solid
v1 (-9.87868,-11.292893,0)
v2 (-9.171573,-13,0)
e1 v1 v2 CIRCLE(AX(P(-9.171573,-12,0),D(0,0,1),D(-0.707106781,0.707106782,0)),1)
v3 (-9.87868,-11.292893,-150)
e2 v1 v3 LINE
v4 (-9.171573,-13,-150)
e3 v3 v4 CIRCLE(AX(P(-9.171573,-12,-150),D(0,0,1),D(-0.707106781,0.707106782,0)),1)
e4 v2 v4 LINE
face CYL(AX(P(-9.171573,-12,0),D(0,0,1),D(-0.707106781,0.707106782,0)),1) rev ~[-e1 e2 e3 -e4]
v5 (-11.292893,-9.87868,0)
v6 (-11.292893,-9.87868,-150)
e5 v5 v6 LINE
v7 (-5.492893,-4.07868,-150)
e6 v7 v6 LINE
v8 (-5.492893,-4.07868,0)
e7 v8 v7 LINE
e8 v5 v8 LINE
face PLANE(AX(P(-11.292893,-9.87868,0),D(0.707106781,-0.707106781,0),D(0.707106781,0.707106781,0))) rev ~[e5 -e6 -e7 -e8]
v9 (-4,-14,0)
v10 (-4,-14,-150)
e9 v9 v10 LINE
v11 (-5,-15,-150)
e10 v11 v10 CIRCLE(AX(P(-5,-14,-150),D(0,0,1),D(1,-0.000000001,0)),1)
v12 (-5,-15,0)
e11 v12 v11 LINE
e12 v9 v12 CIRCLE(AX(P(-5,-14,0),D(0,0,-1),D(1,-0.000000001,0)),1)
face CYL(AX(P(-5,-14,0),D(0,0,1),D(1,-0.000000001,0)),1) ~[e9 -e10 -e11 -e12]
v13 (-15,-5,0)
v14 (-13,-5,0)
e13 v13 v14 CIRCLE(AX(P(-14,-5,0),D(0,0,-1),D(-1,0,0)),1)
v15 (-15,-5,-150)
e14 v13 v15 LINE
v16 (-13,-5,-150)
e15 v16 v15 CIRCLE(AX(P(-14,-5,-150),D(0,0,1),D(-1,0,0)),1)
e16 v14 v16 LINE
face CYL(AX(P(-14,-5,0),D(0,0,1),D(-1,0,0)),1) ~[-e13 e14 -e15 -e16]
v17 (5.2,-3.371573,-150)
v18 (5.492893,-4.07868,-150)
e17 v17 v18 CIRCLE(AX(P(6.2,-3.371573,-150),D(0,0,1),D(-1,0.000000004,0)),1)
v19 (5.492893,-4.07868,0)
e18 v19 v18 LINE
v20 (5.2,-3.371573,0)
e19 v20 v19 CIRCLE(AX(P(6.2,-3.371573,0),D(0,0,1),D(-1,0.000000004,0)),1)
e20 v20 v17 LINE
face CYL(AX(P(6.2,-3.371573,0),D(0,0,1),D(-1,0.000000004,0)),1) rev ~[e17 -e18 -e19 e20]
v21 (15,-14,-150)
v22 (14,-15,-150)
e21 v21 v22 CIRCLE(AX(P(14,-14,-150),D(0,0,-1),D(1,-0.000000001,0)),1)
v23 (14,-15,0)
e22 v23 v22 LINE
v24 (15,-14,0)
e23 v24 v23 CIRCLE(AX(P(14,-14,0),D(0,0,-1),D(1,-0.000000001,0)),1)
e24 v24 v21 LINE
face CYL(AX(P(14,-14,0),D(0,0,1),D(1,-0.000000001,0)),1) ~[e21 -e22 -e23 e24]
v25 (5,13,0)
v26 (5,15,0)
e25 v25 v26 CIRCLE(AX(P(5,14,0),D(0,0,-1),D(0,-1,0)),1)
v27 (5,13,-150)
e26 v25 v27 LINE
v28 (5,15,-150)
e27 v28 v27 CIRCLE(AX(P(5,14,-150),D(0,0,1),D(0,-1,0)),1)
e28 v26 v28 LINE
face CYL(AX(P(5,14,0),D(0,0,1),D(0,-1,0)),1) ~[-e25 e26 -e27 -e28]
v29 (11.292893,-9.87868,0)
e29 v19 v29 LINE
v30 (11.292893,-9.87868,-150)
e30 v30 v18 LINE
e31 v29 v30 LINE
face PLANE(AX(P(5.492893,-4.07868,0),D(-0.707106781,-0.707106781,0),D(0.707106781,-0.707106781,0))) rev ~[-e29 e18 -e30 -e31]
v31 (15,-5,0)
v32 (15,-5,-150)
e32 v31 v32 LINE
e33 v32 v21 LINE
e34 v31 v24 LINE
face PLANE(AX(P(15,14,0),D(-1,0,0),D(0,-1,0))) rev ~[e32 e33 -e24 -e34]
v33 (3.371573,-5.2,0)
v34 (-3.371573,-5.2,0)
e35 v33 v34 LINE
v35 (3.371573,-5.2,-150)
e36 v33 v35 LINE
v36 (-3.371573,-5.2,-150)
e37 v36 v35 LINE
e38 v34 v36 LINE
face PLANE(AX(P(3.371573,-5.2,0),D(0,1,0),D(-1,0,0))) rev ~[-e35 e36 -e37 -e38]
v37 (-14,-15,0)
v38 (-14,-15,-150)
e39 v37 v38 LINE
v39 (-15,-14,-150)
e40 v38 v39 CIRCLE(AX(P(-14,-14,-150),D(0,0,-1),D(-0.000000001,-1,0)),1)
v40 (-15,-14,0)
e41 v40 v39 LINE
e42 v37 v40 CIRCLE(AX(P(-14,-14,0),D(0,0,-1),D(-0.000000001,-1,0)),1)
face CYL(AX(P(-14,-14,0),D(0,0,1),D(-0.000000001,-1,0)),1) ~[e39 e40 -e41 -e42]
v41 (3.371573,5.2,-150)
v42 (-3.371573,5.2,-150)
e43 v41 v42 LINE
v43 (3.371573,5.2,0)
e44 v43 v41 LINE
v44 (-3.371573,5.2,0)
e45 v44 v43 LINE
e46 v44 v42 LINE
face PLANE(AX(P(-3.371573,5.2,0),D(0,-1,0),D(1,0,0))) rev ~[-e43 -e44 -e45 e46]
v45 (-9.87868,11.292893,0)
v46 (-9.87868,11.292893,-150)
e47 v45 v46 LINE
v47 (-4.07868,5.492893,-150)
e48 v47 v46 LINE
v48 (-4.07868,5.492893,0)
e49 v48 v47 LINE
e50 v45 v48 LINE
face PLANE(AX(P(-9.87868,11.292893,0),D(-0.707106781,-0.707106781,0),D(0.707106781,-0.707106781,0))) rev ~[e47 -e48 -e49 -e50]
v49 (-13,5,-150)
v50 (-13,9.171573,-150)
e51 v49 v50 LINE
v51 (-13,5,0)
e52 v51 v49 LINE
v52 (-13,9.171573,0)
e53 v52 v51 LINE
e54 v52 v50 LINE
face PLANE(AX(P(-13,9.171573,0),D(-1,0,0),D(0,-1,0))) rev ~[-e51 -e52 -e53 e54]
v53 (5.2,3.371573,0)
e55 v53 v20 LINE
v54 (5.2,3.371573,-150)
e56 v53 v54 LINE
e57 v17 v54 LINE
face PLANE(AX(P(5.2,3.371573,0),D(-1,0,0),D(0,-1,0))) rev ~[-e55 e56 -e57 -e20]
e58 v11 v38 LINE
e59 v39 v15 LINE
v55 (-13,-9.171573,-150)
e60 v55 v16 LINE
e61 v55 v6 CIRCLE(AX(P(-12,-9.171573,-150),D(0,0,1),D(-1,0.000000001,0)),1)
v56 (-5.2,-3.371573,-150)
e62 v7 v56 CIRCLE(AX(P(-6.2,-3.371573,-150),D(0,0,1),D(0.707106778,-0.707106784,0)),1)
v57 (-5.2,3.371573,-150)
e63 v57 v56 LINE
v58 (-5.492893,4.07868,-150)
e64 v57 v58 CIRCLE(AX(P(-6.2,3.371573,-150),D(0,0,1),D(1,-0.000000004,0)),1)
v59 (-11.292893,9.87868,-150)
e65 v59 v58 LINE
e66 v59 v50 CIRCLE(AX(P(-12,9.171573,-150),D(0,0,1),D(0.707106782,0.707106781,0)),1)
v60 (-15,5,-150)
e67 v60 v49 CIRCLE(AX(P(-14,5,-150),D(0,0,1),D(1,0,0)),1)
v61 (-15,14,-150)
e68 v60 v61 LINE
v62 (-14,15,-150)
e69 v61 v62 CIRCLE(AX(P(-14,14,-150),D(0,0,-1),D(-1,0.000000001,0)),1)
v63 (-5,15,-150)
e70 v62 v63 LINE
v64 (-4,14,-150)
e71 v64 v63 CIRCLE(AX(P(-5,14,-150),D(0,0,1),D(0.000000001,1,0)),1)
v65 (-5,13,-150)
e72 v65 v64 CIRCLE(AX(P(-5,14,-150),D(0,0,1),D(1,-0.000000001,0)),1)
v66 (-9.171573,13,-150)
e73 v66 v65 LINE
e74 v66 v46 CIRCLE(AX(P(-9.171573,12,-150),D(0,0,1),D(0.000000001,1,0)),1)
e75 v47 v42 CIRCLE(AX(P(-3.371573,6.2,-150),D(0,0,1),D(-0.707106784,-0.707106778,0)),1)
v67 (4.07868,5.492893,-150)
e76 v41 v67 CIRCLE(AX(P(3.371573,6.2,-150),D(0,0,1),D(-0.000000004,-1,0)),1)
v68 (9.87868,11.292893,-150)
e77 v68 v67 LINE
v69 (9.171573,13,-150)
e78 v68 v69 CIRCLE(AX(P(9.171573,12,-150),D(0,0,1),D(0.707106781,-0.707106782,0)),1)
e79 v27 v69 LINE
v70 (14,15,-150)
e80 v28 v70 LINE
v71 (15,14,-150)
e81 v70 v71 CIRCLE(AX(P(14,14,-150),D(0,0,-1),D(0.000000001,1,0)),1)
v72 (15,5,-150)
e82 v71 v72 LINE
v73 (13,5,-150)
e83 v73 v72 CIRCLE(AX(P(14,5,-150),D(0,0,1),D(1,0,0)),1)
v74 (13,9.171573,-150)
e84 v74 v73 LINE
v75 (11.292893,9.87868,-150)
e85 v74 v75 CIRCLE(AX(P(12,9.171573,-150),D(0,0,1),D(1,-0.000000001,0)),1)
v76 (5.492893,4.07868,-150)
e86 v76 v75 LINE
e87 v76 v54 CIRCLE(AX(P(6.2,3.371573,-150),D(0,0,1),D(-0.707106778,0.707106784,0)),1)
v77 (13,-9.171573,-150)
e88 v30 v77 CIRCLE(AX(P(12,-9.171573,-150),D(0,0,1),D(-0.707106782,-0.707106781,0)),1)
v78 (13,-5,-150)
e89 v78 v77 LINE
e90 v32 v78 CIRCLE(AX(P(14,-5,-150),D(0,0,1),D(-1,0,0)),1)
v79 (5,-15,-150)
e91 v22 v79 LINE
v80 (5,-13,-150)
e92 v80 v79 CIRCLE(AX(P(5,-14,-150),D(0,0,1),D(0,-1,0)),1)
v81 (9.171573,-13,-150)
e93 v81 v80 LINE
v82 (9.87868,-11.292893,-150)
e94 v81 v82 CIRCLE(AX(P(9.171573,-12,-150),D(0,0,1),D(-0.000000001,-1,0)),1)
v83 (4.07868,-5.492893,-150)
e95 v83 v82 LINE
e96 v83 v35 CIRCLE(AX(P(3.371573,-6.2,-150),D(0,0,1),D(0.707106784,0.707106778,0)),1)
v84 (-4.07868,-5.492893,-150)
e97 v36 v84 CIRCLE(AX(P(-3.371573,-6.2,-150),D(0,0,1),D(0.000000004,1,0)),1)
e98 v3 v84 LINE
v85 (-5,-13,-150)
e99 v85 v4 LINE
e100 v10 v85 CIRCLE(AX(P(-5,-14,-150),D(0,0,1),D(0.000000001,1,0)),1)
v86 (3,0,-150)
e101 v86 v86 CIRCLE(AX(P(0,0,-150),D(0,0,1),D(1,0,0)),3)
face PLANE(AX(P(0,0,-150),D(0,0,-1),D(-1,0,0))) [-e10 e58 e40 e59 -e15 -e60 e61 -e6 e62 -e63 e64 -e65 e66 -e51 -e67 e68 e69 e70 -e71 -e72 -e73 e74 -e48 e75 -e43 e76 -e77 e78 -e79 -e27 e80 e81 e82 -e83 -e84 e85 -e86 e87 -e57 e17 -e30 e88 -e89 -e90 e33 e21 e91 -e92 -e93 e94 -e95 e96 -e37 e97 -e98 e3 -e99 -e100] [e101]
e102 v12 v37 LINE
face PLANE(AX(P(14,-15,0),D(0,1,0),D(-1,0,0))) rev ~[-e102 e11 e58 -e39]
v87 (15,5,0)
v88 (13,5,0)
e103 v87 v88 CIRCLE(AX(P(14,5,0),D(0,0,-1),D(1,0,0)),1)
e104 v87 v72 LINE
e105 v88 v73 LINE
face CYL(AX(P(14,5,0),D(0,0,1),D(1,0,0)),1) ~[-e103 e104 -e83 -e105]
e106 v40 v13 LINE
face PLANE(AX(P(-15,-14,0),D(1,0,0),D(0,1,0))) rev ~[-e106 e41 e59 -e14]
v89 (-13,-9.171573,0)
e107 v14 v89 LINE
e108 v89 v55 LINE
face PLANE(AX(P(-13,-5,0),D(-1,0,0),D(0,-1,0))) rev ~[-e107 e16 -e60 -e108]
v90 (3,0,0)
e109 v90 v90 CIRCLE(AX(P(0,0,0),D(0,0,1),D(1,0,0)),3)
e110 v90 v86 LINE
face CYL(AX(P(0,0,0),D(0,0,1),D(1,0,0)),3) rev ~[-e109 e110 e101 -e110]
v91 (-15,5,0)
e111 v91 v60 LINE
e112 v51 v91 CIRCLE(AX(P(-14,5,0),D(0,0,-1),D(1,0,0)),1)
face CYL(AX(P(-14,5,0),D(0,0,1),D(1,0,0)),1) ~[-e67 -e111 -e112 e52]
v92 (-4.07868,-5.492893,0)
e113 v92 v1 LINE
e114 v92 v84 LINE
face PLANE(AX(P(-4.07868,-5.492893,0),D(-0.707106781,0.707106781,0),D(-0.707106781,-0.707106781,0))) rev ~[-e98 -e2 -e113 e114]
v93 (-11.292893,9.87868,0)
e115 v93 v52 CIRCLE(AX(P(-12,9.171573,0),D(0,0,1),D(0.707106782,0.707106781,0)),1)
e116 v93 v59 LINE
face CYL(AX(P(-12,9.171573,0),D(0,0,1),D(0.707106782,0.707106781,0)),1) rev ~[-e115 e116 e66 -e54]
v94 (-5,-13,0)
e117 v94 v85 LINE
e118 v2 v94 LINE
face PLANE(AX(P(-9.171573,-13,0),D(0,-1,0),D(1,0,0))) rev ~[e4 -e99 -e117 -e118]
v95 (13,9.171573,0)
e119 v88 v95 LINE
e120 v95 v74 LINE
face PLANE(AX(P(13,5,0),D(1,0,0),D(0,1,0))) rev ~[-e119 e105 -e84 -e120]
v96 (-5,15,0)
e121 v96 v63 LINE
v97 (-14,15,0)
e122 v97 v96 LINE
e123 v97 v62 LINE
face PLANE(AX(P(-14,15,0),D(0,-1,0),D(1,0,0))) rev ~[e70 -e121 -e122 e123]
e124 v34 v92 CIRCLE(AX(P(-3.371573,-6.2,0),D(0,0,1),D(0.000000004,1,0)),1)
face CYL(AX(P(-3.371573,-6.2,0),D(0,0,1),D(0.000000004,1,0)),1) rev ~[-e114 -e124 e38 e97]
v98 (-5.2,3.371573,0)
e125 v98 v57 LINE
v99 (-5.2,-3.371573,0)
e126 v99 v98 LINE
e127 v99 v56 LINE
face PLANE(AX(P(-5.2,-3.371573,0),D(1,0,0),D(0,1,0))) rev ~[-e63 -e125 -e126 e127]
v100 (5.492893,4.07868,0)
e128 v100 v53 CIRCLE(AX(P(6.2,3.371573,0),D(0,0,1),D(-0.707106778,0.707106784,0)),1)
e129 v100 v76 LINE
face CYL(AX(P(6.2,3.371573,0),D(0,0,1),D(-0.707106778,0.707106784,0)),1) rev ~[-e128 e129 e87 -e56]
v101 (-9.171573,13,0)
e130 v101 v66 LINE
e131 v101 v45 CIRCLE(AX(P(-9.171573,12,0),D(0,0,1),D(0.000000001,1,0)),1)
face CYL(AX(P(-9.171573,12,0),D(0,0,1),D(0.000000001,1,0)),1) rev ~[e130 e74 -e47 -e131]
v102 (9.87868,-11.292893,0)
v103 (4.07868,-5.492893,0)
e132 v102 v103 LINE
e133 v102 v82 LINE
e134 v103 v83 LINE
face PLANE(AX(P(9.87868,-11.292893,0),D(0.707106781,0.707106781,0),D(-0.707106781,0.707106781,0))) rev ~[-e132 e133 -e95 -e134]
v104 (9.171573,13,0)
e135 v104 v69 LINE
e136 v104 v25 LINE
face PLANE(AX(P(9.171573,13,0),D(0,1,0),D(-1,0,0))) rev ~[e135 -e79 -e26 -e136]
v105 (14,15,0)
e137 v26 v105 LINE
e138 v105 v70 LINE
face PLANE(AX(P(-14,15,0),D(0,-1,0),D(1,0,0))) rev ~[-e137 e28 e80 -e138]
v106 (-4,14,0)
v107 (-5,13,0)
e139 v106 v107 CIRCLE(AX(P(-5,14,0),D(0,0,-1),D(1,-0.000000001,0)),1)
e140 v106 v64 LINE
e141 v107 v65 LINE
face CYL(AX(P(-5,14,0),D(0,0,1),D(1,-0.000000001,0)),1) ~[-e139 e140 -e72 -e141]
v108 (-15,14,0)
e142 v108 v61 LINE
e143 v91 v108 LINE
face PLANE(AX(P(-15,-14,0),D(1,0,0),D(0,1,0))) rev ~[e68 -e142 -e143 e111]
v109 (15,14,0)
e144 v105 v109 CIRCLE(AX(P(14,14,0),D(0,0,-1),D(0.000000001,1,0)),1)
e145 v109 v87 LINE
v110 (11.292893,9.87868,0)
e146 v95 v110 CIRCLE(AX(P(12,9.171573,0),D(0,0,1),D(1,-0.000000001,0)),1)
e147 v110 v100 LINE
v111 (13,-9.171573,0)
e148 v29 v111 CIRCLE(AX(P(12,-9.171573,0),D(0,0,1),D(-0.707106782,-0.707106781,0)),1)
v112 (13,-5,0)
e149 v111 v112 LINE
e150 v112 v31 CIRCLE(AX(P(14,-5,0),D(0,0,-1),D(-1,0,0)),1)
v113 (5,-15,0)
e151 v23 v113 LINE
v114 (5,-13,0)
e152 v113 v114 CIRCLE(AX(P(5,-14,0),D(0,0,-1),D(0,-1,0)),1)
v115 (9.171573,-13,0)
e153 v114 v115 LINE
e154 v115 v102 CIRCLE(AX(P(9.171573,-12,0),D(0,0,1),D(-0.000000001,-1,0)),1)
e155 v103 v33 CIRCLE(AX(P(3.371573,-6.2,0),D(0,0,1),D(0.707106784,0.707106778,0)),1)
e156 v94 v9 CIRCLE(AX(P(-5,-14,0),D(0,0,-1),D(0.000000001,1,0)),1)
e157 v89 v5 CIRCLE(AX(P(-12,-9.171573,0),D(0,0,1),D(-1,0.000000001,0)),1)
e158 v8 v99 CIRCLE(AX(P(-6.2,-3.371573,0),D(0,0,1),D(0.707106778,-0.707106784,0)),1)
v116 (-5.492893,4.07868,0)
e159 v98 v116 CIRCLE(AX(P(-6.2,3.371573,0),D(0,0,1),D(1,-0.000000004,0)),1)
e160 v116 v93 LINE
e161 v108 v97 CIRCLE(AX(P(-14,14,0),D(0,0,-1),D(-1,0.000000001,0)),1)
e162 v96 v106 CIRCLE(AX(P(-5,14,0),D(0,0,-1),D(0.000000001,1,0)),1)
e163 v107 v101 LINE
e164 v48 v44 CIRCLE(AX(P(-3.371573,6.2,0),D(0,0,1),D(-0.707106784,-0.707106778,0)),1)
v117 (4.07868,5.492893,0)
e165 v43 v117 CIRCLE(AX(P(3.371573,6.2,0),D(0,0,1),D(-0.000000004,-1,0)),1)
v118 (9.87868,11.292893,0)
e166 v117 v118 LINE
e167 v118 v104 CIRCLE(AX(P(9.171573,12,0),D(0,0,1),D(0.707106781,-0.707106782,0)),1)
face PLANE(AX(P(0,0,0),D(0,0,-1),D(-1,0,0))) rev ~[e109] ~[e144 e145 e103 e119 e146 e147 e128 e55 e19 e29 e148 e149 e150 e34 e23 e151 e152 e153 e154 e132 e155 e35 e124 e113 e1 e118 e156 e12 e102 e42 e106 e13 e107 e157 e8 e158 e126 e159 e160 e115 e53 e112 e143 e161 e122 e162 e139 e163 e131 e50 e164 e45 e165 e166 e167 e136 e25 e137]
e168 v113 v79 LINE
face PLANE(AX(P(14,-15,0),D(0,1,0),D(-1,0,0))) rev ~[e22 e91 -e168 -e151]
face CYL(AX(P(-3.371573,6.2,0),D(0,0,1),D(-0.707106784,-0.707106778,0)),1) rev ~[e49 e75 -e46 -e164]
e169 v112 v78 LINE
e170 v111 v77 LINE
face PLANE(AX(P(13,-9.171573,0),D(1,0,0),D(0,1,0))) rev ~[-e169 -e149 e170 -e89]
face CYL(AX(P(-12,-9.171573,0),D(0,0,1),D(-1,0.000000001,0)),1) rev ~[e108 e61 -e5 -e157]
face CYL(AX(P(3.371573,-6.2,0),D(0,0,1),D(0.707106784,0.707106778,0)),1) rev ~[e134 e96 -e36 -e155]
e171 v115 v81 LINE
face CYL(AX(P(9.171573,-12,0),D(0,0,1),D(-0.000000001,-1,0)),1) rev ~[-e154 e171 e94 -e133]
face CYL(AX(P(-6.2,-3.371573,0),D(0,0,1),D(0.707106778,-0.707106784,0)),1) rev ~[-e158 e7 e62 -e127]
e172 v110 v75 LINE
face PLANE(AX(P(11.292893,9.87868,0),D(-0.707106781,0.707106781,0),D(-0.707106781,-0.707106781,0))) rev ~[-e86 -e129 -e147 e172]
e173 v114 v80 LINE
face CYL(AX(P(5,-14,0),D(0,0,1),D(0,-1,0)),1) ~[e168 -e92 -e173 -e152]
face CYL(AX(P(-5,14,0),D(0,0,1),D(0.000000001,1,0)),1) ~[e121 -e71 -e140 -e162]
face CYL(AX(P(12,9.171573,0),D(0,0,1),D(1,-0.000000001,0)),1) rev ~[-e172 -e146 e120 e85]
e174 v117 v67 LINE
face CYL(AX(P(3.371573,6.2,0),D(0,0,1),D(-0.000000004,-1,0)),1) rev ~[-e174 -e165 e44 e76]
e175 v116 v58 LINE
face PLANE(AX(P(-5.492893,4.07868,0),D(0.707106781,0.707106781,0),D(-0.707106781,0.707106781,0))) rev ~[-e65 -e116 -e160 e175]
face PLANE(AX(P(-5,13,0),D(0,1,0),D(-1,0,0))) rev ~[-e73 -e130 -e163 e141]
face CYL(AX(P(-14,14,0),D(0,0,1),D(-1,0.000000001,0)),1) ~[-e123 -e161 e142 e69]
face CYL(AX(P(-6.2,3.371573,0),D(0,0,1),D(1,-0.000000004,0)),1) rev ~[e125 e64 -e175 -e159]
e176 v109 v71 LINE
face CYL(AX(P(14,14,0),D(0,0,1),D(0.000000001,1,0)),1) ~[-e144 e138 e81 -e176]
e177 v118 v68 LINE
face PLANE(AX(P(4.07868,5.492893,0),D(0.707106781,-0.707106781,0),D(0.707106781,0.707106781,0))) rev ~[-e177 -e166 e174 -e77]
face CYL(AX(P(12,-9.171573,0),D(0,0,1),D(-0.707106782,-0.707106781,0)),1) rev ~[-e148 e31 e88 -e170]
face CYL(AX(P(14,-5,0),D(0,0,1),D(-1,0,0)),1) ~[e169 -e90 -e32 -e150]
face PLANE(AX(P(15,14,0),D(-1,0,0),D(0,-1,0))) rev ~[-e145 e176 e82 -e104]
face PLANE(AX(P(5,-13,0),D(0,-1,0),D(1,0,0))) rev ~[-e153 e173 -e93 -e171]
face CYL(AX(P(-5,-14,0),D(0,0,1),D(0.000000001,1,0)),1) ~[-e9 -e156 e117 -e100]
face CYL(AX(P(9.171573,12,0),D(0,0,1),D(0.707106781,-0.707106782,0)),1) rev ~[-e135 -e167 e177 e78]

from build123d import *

# Parameters (mm, degrees)
SALIENTE_EXTRUIR1_DEPTH = 150
CROQUIS2_R              = 3
CORTAR_EXTRUIR1_DEPTH   = 152.492574075
CORTAR_EXTRUIR3_DEPTH   = 152.492574075


with BuildPart() as part:
    # Croquis1 → Saliente-Extruir1 (new body)
    with BuildSketch(Plane.XY):
        with BuildLine():
            Line((-14, 15), (14, 15))
            ThreePointArc((14, 15), (14.707106781, 14.707106781), (15, 14))
            Line((15, 14), (15, -14))
            ThreePointArc((15, -14), (14.707106781, -14.707106781), (14, -15))
            Line((14, -15), (-14, -15))
            ThreePointArc((-14, -15), (-14.707106781, -14.707106781), (-15, -14))
            Line((-15, -14), (-15, 14))
            ThreePointArc((-15, 14), (-14.707106781, 14.707106781), (-14, 15))
        make_face()
    extrude(amount=-SALIENTE_EXTRUIR1_DEPTH)

    # Croquis2 → Cortar-Extruir1 (cut, through all)
    with BuildSketch(Plane.XY):
        Circle(CROQUIS2_R)
    extrude(amount=-CORTAR_EXTRUIR1_DEPTH, mode=Mode.SUBTRACT)

    # Croquis3 → Cortar-Extruir3 (cut, through all)
    with BuildSketch(Plane.XY):
        with BuildLine():
            Line((-5.492893219, 4.078679656), (-11.292893219, 9.878679656))
            ThreePointArc((-11.292893219, 9.878679656), (-12.382683432, 10.095452408), (-13, 9.171572875))
            Line((-13, 9.171572875), (-13, 5))
            ThreePointArc((-13, 5), (-14, 4), (-15, 5))
            Line((-15, 5), (-15, -5))
            ThreePointArc((-15, -5), (-14, -4), (-13, -5))
            Line((-13, -5), (-13, -9.171572875))
            ThreePointArc((-13, -9.171572875), (-12.382683432, -10.095452408), (-11.292893219, -9.878679656))
            Line((-11.292893219, -9.878679656), (-5.492893219, -4.078679656))
            ThreePointArc((-5.492893219, -4.078679656), (-5.276120467, -3.754256308), (-5.2, -3.371572875))
            Line((-5.2, -3.371572875), (-5.2, 3.371572875))
            ThreePointArc((-5.2, 3.371572875), (-5.276120467, 3.754256308), (-5.492893219, 4.078679656))
        make_face()
        with BuildLine():
            ThreePointArc((-9.171572875, 13), (-10.095452408, 12.382683432), (-9.878679656, 11.292893219))
            Line((-9.878679656, 11.292893219), (-4.078679656, 5.492893219))
            ThreePointArc((-4.078679656, 5.492893219), (-3.754256308, 5.276120467), (-3.371572875, 5.2))
            Line((-3.371572875, 5.2), (3.371572875, 5.2))
            ThreePointArc((3.371572875, 5.2), (3.754256308, 5.276120467), (4.078679656, 5.492893219))
            Line((4.078679656, 5.492893219), (9.878679656, 11.292893219))
            ThreePointArc((9.878679656, 11.292893219), (10.095452408, 12.382683432), (9.171572875, 13))
            Line((9.171572875, 13), (5, 13))
            ThreePointArc((5, 13), (4, 14), (5, 15))
            Line((5, 15), (-5, 15))
            ThreePointArc((-5, 15), (-4.292893219, 14.707106781), (-4, 14))
            ThreePointArc((-4, 14), (-4.292893219, 13.292893219), (-5, 13))
            Line((-5, 13), (-9.171572875, 13))
        make_face()
        with BuildLine():
            Line((9.878679656, -11.292893219), (4.078679656, -5.492893219))
            ThreePointArc((4.078679656, -5.492893219), (3.754256308, -5.276120467), (3.371572875, -5.2))
            Line((3.371572875, -5.2), (-3.371572875, -5.2))
            ThreePointArc((-3.371572875, -5.2), (-3.754256308, -5.276120467), (-4.078679656, -5.492893219))
            Line((-4.078679656, -5.492893219), (-9.878679656, -11.292893219))
            ThreePointArc((-9.878679656, -11.292893219), (-10.095452408, -12.382683432), (-9.171572875, -13))
            Line((-9.171572875, -13), (-5, -13))
            ThreePointArc((-5, -13), (-4.292893219, -13.292893219), (-4, -14))
            ThreePointArc((-4, -14), (-4.292893219, -14.707106781), (-5, -15))
            Line((-5, -15), (5, -15))
            ThreePointArc((5, -15), (4, -14), (5, -13))
            Line((5, -13), (9.171572875, -13))
            ThreePointArc((9.171572875, -13), (10.095452408, -12.382683432), (9.878679656, -11.292893219))
        make_face()
        with BuildLine():
            ThreePointArc((13, 9.171572875), (12.382683432, 10.095452408), (11.292893219, 9.878679656))
            Line((11.292893219, 9.878679656), (5.492893219, 4.078679656))
            ThreePointArc((5.492893219, 4.078679656), (5.276120467, 3.754256308), (5.2, 3.371572875))
            Line((5.2, 3.371572875), (5.2, -3.371572875))
            ThreePointArc((5.2, -3.371572875), (5.276120467, -3.754256308), (5.492893219, -4.078679656))
            Line((5.492893219, -4.078679656), (11.292893219, -9.878679656))
            ThreePointArc((11.292893219, -9.878679656), (12.382683432, -10.095452408), (13, -9.171572875))
            Line((13, -9.171572875), (13, -5))
            ThreePointArc((13, -5), (14, -4), (15, -5))
            Line((15, -5), (15, 5))
            ThreePointArc((15, 5), (14, 4), (13, 5))
            Line((13, 5), (13, 9.171572875))
        make_face()
    extrude(amount=-CORTAR_EXTRUIR3_DEPTH, mode=Mode.SUBTRACT)


solid = part.part
